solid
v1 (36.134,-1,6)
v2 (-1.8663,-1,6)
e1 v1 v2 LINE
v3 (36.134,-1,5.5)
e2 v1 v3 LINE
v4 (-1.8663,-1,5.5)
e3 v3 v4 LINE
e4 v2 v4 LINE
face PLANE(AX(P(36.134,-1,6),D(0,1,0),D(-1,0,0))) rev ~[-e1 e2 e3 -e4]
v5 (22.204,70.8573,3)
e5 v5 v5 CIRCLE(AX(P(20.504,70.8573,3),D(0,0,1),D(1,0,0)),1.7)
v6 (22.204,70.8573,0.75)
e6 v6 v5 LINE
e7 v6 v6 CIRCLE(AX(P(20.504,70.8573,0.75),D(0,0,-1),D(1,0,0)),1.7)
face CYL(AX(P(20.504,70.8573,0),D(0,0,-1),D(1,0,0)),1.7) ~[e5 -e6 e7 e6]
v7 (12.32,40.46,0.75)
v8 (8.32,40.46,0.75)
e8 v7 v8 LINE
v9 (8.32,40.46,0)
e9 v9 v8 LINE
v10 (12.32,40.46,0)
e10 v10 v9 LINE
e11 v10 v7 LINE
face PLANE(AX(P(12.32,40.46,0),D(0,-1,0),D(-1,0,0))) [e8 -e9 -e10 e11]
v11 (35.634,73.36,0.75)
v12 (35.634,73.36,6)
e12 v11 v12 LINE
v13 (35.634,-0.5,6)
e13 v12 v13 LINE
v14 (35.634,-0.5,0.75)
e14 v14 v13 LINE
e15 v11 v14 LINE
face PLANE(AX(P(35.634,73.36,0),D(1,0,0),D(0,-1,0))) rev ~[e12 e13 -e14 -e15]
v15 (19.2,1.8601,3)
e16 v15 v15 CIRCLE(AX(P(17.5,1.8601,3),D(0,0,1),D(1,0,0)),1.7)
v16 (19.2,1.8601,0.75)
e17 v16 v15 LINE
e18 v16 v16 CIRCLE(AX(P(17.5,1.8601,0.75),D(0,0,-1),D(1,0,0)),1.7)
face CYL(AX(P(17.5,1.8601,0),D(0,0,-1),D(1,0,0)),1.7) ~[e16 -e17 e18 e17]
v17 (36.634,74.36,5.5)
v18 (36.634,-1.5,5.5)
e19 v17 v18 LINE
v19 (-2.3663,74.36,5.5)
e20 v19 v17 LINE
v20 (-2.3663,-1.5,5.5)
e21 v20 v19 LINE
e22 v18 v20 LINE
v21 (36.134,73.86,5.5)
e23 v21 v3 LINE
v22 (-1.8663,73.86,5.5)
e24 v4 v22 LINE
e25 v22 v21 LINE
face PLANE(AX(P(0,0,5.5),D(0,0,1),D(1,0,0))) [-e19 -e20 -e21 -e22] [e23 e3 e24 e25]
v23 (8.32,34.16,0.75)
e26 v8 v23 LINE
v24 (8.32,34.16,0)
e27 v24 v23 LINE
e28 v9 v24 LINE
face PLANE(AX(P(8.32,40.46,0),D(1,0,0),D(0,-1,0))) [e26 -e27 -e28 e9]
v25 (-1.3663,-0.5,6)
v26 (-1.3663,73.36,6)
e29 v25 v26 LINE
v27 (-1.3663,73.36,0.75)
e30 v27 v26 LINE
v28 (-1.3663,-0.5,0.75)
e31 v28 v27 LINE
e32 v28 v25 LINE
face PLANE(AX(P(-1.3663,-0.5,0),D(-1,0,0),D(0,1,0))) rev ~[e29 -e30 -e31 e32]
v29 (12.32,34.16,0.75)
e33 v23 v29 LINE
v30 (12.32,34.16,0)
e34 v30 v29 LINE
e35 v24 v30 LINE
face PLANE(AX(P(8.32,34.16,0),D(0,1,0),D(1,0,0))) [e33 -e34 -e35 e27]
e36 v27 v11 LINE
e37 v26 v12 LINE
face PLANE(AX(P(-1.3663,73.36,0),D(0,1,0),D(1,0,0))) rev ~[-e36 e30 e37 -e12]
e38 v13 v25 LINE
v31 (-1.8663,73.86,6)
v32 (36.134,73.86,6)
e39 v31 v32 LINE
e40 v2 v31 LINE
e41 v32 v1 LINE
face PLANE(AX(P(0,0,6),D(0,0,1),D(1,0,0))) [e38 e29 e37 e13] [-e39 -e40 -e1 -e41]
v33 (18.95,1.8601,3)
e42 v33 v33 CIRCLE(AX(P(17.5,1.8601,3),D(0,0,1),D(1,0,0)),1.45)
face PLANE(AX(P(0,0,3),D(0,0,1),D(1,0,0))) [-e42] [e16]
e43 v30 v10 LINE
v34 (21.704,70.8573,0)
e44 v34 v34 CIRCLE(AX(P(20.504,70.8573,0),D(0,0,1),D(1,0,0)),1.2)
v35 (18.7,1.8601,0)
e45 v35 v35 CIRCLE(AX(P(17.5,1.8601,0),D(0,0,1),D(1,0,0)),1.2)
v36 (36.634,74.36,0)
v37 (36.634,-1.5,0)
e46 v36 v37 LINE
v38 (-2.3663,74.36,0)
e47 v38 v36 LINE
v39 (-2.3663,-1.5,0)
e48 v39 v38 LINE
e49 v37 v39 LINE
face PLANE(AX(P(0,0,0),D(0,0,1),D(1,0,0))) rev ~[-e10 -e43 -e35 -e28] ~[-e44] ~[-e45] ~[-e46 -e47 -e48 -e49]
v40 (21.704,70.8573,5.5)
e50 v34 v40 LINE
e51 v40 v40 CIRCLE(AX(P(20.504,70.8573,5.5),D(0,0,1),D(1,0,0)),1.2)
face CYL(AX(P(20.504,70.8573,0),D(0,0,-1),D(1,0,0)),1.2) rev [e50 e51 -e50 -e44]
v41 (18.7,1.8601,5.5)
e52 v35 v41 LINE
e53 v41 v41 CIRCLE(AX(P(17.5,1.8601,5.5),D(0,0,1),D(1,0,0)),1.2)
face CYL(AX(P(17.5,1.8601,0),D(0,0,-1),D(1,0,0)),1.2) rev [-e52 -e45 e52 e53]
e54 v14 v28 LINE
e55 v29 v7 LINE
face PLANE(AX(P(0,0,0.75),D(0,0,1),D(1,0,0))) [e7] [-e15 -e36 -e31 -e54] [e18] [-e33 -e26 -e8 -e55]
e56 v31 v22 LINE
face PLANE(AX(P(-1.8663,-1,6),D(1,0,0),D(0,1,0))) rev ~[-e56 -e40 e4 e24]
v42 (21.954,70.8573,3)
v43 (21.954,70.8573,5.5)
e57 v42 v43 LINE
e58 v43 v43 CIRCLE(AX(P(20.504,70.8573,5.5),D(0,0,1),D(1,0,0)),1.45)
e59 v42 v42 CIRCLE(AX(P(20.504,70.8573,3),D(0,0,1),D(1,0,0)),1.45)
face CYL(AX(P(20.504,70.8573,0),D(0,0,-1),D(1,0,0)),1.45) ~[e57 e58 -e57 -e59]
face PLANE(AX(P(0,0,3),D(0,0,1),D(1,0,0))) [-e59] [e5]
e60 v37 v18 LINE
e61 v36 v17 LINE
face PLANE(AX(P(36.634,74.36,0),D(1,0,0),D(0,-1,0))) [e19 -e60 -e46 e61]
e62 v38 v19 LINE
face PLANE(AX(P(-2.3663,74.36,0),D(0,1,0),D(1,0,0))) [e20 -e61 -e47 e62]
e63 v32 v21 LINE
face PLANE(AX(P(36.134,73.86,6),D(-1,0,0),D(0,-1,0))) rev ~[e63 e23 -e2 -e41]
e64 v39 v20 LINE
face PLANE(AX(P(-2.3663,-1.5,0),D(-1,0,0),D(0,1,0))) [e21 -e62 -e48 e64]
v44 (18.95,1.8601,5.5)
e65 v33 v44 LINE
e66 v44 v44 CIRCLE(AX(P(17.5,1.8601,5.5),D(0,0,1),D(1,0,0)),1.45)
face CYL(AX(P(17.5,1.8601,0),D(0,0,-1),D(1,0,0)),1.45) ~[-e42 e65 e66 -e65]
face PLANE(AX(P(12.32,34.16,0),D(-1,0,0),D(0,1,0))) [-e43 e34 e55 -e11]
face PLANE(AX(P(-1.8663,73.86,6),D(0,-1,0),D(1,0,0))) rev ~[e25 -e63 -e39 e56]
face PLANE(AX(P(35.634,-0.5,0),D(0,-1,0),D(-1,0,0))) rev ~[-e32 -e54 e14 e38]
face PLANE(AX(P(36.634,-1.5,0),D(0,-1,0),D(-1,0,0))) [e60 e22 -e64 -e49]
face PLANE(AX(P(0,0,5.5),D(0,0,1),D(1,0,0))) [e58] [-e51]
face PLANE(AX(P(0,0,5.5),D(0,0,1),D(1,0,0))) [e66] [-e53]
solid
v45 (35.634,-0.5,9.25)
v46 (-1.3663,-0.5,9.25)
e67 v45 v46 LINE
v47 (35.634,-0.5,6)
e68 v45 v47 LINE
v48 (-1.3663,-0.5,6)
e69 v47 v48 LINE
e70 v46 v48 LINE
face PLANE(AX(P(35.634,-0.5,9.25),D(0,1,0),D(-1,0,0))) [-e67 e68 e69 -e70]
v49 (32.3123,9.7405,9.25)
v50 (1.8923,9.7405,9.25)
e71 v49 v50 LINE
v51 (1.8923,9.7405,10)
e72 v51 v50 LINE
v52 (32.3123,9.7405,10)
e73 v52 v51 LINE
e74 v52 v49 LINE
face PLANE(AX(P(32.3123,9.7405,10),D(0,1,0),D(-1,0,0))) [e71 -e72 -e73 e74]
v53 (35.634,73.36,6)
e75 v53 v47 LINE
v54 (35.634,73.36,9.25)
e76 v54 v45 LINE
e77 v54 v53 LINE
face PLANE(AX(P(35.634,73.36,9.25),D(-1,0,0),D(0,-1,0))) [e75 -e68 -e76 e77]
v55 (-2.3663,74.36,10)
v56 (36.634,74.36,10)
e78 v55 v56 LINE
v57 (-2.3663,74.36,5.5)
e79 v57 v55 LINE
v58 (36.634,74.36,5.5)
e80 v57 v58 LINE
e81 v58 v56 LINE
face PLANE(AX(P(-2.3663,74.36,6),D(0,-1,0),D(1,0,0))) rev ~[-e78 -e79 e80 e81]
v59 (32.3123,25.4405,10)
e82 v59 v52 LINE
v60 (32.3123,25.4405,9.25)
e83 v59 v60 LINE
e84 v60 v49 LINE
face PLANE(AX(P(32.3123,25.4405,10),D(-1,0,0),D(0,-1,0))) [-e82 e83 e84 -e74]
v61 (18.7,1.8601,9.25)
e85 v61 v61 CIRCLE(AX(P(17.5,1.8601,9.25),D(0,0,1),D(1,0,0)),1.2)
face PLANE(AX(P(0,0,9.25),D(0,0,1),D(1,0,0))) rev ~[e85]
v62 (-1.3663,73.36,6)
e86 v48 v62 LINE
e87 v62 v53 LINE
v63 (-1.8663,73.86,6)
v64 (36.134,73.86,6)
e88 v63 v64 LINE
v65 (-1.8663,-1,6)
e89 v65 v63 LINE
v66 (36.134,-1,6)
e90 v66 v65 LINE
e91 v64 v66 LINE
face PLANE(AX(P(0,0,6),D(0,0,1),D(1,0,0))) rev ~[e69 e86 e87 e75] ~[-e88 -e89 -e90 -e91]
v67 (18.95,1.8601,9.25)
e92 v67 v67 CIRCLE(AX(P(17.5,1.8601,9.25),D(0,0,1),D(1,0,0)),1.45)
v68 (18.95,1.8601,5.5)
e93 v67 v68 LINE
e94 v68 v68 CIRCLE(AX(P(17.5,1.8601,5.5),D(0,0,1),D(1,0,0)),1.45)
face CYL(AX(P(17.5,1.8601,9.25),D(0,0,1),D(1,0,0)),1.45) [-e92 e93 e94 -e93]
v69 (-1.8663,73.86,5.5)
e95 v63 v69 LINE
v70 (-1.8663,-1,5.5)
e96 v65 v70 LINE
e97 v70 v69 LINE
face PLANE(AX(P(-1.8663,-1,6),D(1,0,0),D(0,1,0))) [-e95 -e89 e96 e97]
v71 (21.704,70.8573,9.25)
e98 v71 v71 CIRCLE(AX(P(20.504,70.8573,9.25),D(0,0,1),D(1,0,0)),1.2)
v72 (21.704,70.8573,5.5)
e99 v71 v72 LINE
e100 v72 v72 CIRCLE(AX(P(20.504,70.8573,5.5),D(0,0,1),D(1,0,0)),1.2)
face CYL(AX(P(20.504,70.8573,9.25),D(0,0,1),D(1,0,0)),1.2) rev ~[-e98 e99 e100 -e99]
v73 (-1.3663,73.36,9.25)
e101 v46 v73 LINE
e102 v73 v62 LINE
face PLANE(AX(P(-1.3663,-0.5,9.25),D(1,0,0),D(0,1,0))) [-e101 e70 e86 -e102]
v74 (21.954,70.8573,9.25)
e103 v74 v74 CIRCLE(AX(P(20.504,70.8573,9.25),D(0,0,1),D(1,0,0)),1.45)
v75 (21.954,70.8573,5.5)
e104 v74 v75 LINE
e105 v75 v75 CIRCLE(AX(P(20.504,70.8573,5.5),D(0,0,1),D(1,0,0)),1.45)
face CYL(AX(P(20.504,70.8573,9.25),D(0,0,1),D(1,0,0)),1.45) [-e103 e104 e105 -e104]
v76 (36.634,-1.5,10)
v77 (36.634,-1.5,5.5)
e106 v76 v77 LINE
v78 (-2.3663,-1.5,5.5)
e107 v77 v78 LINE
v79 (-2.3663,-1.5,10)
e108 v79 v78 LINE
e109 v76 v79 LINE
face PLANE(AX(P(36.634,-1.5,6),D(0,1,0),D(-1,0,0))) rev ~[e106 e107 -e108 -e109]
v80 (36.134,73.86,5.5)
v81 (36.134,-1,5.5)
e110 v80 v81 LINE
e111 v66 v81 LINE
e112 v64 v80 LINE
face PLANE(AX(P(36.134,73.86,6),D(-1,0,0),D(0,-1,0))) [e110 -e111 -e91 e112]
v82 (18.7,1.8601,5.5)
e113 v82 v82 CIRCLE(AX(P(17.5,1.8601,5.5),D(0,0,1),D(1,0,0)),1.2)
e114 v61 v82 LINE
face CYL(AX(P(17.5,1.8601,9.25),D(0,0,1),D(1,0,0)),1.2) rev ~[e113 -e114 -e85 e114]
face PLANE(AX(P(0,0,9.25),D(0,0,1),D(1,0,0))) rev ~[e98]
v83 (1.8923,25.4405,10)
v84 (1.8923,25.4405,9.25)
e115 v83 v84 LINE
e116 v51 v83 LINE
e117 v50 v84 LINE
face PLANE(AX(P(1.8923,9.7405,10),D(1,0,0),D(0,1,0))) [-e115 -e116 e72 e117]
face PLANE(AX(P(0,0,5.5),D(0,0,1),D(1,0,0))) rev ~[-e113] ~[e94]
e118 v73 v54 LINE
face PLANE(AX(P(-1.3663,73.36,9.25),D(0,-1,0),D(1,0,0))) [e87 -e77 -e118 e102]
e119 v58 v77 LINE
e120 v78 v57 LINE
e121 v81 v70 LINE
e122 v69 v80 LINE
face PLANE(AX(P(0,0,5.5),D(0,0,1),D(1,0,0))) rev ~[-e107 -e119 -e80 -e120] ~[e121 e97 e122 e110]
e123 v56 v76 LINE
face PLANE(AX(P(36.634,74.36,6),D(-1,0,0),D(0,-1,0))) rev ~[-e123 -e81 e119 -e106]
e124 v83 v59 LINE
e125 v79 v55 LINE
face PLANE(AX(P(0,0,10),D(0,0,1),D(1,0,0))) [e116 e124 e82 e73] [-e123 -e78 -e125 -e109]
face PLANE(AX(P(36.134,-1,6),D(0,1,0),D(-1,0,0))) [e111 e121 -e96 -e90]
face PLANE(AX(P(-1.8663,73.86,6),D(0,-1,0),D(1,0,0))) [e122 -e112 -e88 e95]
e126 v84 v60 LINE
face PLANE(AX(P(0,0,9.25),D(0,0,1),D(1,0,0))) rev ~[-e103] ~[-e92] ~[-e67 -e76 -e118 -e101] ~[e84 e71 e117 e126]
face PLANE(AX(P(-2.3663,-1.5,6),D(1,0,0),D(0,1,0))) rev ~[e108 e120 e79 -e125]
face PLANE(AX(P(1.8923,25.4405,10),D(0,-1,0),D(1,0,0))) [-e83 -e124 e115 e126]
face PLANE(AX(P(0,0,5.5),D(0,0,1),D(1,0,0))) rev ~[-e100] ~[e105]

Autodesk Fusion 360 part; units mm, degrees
sketch "Sketch2" plane through (0, 0, 0) normal (0, 0, 1) x (1, 0, 0)
  line L0 (35.634, -0.5) -> (-1.3663, -0.5)
  line L1 (-1.3663, -0.5) -> (-1.3663, 73.36)
  line L2 (-1.3663, 73.36) -> (35.634, 73.36)
  line L3 (35.634, 73.36) -> (35.634, -0.5)
  line L4 (-0.8663, 72.86) -> (-0.8663, 0) construction
  line L5 (35.634, 0) -> (-0.8663, 0) construction
  line L6 (35.134, 72.86) -> (35.134, 0) construction
  line L7 (-0.8663, 72.86) -> (35.134, 72.86) construction
  circle A0 centre (17.5, 1.8601) radius 1.45
  circle A1 centre (20.504, 70.8573) radius 1.45
  line L8 (12.32, 40.46) -> (8.32, 40.46)
  line L9 (8.32, 40.46) -> (8.32, 34.16)
  line L10 (8.32, 34.16) -> (12.32, 34.16)
  line L11 (12.32, 34.16) -> (12.32, 40.46)
  line L12 (12.02, 34.46) -> (12.02, 40.16) construction
  line L13 (12.02, 34.46) -> (8.62, 34.46) construction
  line L14 (8.62, 40.16) -> (12.02, 40.16) construction
  line L15 (8.62, 40.16) -> (8.62, 34.46) construction
  line L16 (1.8923, 25.4405) -> (32.3123, 25.4405)
  line L17 (32.3123, 25.4405) -> (32.3123, 9.7405)
  line L18 (32.3123, 9.7405) -> (1.8923, 9.7405)
  line L19 (1.8923, 9.7405) -> (1.8923, 25.4405)
  line L20 (2.3923, 24.9405) -> (31.8123, 24.9405)
  line L21 (2.3923, 10.2405) -> (2.3923, 24.9405)
  line L22 (31.8123, 24.9405) -> (31.8123, 10.2405)
  line L23 (31.8123, 10.2405) -> (2.3923, 10.2405)
  line L24 (36.634, 74.36) -> (36.634, -1.5)
  line L25 (36.634, -1.5) -> (-2.3663, -1.5)
  line L26 (-2.3663, -1.5) -> (-2.3663, 74.36)
  line L27 (-2.3663, 74.36) -> (36.634, 74.36)
  line L28 (36.134, 73.86) -> (36.134, -1)
  line L29 (36.134, -1) -> (-1.8663, -1)
  line L30 (-1.8663, -1) -> (-1.8663, 73.86)
  line L31 (-1.8663, 73.86) -> (36.134, 73.86)
  circle A2 centre (20.504, 70.8573) radius 1.2
  circle A3 centre (17.5, 1.8601) radius 1.2
  circle A4 centre (17.5, 1.8601) radius 1.7
  circle A5 centre (20.504, 70.8573) radius 1.7
  dimension "d10" = 0.5
  dimension "d11" = 0.5
  dimension "d12" = 0.5
  dimension "d13" = 0.5
  dimension "d14" = 2.9
  dimension "d15" = 2.9
  dimension "d20" = 0.3
  dimension "d21" = 0.3
  dimension "d22" = 0.3
  dimension "d23" = 0.3
  dimension "d24" = 0.5
  dimension "d25" = 0.5
  dimension "d26" = 0.5
  dimension "d27" = 0.5
  dimension "d30" = -1
  dimension "d35" = -0.5
  dimension "d39" = -0.25
  dimension "d40" = -0.25
  dimension "d57" = 0.25
  dimension "d58" = 0.25
extrude "Extrude2" add sketch "Sketch2" along normal blind 6 contours L24 L25 L26 L27 | L28 L29 L30 L31 makes body 1
extrude "Extrude3" add sketch "Sketch2" along normal blind 0.75 separate body contours L0 L1 L2 L3 | A0 | A1 | L16 L17 L18 L19 | L20 L21 L22 L23 | A2 | A3 | A4 | A5 makes body 2
combine "Combine1" operation add target body 2 tool bodies 1
extrude "Extrude4" cut sketch "Sketch2" against normal blind 0.5 from surface at 6 contours L24 L25 L26 L27 bodies 2
extrude "Extrude5" cut sketch "Sketch2" along normal blind 1 contours A2 | A3 bodies 2
extrude "Extrude6" add sketch "Sketch2" against normal blind 0.75 from surface at 10 separate body contours L0 L1 L2 L3 | A0 | A1 | L8 L9 L10 L11 | L24 L25 L26 L27 | L28 L29 L30 L31 | A2 | A3 | A4 | A5 makes body 3
extrude "Extrude7" add sketch "Sketch2" against normal blind 3.25 from surface at 9.25 separate body contours L24 L25 L26 L27 | L28 L29 L30 L31 makes body 4
combine "Combine2" operation add target body 3 tool bodies 4
extrude "Extrude8" add sketch "Sketch2" against normal blind 0.5 from surface at 6 separate body contours L24 L25 L26 L27 makes body 5
combine "Combine3" operation add target body 3 tool bodies 5
extrude "Extrude9" add sketch "Sketch2" against normal blind 3.75 from surface at 9.25 contours A0 | A1 bodies 3
extrude "Extrude10" add sketch "Sketch2" along normal blind 5.5 separate body contours A0 | A1 makes body 6 at (18.9482, 1.7878, 3.6667) makes body 7 at (21.9522, 70.7851, 3.6667)
combine "Combine4" operation add target body 7 tool bodies 6 2
extrude "Extrude11" add sketch "Sketch2" along normal blind 3 contours A4 | A5 bodies 7
copy_body "Body->Comp1" bodies 3 removing the originals makes body 8 in component "Tampa"
copy_body "Body->Comp2" bodies 7 removing the originals makes body 9 in component "Base"
component "Tampa" placed x (1, 0, 0) y (0, 1, 0) z (0, 0, 1) at (0, 0, 0)
component "Base" placed x (1, 0, 0) y (0, 1, 0) z (0, 0, 1) at (0, 0, 0)
